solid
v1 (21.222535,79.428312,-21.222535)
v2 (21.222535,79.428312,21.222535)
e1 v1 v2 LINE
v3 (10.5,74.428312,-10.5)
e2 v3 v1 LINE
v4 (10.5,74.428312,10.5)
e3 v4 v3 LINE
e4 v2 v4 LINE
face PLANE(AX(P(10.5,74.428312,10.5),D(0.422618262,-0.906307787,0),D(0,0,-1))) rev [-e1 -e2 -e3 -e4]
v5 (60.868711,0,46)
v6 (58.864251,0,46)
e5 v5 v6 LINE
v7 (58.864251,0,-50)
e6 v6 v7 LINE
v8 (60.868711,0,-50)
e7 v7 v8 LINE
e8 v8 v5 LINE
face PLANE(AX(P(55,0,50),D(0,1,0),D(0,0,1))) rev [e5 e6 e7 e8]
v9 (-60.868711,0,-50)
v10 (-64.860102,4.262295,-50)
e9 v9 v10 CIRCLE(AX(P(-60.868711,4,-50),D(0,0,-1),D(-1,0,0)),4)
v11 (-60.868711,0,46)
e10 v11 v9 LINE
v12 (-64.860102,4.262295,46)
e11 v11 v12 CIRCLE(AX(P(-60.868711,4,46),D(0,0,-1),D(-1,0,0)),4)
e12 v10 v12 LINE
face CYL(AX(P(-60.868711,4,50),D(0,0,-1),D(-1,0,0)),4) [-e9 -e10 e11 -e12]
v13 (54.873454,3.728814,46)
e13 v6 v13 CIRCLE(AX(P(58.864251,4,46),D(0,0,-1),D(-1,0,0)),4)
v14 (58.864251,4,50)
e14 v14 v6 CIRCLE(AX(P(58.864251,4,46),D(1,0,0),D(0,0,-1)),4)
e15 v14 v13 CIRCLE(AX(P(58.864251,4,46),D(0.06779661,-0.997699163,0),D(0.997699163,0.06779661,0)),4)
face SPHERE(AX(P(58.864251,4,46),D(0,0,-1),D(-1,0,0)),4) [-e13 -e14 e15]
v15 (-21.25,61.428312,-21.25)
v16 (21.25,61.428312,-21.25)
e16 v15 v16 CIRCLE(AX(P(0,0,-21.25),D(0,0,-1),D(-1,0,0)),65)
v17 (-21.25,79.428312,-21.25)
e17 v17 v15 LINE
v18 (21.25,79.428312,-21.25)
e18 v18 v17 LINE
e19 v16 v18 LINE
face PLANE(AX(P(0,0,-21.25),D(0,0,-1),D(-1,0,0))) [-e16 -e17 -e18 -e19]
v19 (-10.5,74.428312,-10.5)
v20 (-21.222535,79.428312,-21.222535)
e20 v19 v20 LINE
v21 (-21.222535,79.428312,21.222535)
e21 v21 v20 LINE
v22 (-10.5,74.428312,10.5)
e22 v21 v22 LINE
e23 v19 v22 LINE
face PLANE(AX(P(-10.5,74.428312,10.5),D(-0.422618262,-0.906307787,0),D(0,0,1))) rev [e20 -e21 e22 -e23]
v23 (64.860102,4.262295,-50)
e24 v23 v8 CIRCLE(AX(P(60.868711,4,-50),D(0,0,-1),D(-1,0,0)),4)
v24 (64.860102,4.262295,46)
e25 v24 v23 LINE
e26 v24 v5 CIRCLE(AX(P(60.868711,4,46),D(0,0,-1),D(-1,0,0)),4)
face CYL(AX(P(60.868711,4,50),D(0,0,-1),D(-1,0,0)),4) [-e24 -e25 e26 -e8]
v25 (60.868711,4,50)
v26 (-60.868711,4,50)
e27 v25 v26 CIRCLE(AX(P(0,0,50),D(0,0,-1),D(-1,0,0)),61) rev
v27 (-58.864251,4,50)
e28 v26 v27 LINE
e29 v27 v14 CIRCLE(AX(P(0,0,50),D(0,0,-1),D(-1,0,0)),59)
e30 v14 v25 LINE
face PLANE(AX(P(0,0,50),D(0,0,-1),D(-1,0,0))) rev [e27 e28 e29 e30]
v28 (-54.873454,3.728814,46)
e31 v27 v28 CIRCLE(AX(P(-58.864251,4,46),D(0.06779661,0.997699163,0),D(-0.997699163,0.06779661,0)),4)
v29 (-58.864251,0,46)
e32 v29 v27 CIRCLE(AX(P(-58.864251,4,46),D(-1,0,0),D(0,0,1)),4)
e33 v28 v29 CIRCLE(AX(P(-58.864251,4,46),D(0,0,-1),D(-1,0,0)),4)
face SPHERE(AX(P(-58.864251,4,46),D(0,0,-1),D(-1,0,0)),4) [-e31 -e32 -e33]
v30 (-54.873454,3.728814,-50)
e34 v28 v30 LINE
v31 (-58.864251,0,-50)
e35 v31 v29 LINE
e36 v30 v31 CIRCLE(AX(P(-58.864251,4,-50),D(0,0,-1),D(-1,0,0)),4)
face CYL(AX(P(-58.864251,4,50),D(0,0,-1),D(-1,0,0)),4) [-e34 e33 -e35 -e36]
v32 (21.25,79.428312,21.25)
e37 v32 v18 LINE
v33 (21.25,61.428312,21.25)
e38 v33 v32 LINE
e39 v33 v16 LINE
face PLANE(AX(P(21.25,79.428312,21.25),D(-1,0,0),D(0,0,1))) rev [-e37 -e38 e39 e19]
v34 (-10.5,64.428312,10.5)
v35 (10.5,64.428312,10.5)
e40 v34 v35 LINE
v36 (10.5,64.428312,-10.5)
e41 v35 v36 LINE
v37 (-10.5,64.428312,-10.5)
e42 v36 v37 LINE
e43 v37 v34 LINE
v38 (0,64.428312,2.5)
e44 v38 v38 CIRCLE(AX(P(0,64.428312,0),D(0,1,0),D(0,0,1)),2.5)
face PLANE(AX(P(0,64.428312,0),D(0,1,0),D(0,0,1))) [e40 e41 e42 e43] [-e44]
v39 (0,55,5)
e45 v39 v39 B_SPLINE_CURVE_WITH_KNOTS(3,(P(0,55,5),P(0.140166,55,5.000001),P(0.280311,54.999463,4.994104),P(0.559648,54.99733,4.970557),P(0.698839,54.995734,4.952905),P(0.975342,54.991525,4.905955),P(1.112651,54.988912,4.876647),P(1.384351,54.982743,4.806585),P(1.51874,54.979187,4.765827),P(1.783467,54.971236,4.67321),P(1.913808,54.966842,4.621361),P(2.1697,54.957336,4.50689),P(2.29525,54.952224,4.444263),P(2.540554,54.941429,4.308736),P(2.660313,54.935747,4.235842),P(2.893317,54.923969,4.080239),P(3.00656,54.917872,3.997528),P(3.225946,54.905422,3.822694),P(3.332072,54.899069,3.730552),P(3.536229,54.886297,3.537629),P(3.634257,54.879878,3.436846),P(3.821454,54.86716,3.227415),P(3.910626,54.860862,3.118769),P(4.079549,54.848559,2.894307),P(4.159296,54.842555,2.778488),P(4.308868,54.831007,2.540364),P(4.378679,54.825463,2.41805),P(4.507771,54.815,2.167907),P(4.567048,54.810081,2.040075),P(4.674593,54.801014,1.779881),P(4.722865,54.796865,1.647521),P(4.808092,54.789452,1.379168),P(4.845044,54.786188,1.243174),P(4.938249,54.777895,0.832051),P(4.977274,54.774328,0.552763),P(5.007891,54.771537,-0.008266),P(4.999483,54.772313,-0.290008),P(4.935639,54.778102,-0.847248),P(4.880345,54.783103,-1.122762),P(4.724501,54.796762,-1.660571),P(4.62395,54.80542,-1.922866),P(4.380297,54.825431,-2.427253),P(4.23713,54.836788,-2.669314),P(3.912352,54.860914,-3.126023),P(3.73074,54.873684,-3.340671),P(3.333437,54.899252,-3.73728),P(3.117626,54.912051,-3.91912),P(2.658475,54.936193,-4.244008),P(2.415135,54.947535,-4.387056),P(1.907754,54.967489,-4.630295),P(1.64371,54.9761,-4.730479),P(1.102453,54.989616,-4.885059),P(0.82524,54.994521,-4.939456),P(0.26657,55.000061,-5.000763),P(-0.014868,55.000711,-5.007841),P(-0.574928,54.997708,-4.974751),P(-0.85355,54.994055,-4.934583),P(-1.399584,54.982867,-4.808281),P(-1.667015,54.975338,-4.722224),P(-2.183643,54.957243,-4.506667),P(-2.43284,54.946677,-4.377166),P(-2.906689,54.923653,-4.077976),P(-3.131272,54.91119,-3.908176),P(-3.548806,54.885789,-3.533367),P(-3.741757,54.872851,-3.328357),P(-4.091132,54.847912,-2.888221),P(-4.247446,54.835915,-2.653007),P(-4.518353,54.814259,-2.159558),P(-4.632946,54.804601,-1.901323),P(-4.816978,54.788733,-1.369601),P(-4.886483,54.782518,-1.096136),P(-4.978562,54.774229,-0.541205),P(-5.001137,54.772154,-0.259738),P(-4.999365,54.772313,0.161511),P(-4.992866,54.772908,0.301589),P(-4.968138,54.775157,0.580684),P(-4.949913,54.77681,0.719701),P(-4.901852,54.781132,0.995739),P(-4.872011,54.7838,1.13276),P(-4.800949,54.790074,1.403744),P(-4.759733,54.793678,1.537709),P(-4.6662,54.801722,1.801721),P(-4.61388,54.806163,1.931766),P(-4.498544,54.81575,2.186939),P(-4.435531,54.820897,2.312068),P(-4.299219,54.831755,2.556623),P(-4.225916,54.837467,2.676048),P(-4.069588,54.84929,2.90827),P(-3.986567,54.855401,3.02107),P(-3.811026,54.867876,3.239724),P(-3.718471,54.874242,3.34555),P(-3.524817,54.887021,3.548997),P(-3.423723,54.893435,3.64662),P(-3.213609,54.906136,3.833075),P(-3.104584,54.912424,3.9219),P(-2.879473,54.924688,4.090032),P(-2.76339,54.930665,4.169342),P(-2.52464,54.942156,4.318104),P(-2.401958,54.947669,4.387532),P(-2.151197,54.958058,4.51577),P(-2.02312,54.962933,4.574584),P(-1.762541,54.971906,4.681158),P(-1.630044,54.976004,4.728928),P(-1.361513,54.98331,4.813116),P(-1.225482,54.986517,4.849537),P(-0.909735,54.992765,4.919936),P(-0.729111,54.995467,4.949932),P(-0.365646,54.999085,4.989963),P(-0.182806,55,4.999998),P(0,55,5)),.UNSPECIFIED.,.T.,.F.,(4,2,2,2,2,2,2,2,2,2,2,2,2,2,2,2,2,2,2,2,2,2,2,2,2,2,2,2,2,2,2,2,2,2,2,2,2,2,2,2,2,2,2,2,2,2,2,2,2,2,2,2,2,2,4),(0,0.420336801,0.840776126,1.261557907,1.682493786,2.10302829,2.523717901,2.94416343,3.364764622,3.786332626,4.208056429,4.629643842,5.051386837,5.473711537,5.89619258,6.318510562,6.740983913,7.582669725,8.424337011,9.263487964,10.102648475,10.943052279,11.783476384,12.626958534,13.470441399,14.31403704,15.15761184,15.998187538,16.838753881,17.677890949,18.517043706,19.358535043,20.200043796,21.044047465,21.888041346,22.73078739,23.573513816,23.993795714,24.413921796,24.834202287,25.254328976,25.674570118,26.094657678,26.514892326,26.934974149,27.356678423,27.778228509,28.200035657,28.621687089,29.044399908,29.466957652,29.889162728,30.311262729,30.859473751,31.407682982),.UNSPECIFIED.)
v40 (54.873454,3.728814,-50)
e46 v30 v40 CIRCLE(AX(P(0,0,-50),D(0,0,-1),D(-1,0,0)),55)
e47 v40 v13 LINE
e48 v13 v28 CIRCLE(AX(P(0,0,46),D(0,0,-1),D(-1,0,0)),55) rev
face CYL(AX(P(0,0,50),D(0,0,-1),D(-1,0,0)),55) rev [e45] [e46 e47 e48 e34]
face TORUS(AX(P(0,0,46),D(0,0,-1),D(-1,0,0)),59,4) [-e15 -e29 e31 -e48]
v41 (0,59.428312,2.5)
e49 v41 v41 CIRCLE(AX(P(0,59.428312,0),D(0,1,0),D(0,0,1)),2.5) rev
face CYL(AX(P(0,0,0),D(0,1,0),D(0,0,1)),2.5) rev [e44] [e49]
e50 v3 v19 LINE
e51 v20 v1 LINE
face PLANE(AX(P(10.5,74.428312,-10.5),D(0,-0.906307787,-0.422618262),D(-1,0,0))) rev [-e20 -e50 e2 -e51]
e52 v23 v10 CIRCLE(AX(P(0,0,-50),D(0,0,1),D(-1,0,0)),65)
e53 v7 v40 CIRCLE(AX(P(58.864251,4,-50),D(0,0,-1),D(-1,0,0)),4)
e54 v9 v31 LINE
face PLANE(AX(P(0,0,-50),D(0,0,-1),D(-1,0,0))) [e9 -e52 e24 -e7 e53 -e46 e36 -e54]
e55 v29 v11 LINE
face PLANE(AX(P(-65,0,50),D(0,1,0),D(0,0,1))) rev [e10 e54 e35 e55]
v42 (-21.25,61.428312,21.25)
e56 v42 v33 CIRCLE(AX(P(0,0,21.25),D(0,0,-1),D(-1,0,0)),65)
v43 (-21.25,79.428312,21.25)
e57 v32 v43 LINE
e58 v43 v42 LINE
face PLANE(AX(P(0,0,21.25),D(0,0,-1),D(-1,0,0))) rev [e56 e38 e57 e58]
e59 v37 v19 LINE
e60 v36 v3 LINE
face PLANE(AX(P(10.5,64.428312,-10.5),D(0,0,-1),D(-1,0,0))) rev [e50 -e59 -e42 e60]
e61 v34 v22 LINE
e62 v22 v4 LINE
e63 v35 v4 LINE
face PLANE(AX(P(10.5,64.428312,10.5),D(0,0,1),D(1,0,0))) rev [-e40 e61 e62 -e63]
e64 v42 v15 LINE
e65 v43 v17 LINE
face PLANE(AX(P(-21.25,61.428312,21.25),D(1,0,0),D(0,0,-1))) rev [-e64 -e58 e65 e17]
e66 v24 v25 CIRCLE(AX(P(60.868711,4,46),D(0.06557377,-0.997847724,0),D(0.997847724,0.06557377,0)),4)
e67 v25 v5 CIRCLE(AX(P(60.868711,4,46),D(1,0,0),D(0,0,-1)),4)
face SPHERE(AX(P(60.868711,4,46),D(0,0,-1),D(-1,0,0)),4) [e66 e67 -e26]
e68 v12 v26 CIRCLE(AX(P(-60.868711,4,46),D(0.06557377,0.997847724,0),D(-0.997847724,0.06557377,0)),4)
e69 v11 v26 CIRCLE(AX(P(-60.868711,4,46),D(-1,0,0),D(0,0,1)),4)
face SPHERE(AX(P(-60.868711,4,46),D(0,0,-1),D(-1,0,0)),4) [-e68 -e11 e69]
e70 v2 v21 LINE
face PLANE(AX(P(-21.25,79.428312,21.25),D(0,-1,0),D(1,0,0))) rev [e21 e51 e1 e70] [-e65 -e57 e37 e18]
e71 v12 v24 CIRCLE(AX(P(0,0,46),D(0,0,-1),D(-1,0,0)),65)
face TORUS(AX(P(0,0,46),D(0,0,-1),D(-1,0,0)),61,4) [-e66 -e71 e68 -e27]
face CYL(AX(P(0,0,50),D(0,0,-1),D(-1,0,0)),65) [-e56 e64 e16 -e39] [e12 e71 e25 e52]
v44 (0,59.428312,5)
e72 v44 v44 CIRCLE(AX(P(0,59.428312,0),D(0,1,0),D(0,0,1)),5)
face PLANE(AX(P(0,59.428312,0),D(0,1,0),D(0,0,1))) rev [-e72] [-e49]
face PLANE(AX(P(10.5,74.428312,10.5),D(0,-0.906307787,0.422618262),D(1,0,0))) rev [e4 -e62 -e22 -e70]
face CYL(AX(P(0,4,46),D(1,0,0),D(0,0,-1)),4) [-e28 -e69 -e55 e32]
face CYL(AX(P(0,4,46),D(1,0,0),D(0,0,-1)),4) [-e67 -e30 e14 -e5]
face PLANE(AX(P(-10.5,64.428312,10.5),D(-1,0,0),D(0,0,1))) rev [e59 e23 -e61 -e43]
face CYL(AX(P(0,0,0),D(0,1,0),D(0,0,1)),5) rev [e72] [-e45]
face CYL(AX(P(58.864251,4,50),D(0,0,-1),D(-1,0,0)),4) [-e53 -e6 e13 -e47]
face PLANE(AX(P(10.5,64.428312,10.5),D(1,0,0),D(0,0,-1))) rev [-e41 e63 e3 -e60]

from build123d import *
from OCP.BRepFilletAPI import BRepFilletAPI_MakeChamfer

# Parameters (mm, degrees)
BOSS_EXTRUDE1_DEPTH = 50
BOSS_EXTRUDE2_DEPTH = 21.25
FILLET1_R           = 4
FILLET2_R           = 4
SKETCH3_W           = 21
SKETCH3_H           = 21
CUT_EXTRUDE1_DEPTH  = 15
CHAMFER1_SIZE       = 5
CHAMFER1_SIZE2      = 10.722534603
SKETCH4_R           = 2.5
CUT_EXTRUDE2_DEPTH  = 105.206319677
CUT_EXTRUDE3_START  = -5
SKETCH5_R           = 5
CUT_EXTRUDE3_DEPTH  = 100.206319725


with BuildPart() as part:
    # Sketch1 → Boss-Extrude1 (new, symmetric)
    with BuildSketch(Plane.XY):
        with BuildLine():
            Line((-65, 0), (-55, 0))
            ThreePointArc((-55, 0), (0, 55), (55, 0))
            Line((55, 0), (65, 0))
            ThreePointArc((65, 0), (0, 65), (-65, 0))
        make_face()
    extrude(amount=BOSS_EXTRUDE1_DEPTH, both=True)

    # Sketch2 → Boss-Extrude2 (add, symmetric)
    with BuildSketch(Plane.XY):
        with BuildLine():
            Line((-21.25, 61.428311877), (-21.25, 79.428311877))
            Line((-21.25, 79.428311877), (21.25, 79.428311877))
            Line((21.25, 79.428311877), (21.25, 61.428311877))
            ThreePointArc((21.25, 61.428311877), (0, 65), (-21.25, 61.428311877))
        make_face()
    extrude(amount=BOSS_EXTRUDE2_DEPTH, both=True)

    # Fillet1
    fillet1_edges = [part.edges().sort_by_distance(p)[0] for p in [
        (-55, 0, 0),
        (-65, 0, 0),
        (65, 0, 0),
        (55, 0, 0),
    ]]
    fillet(fillet1_edges, radius=FILLET1_R)

    # Fillet2
    fillet2_edges = [part.edges().sort_by_distance(p)[0] for p in [
        (0, 65, 50),
        (59.866480893, 0, 50),
        (0, 55, 50),
        (-59.866480893, 0, 50),
        (-63.788401254, 1.265880428, 50),
        (-56.133384976, 1.077266197, 50),
        (56.133384976, 1.077266197, 50),
        (63.788401254, 1.265880428, 50),
    ]]
    fillet(fillet2_edges, radius=FILLET2_R)

    # Sketch3 → Cut-Extrude1 (cut)
    with BuildSketch(Plane(origin=(0, 79.428311877, 0), x_dir=(1, 0, 0), z_dir=(0, 1, 0))):
        Rectangle(SKETCH3_W, SKETCH3_H)
    extrude(amount=-CUT_EXTRUDE1_DEPTH, mode=Mode.SUBTRACT)

    # Chamfer1: one chamfer whose edges measure the first distance from different faces: ONE call of the kernel's chamfer builder (chamfer() names one face for all edges)
    chamfer1_edges_1 = [part.edges().sort_by_distance(p)[0] for p in [
        (10.5, 79.428311877, 0),
    ]]
    chamfer1_side_1 = [part.faces().sort_by_distance(p)[0] for p in [
        (10.5, 71.928311877, 0),
    ]]
    chamfer1_edges_2 = [part.edges().sort_by_distance(p)[0] for p in [
        (0, 79.428311877, -10.5),
    ]]
    chamfer1_side_2 = [part.faces().sort_by_distance(p)[0] for p in [
        (0, 71.928311877, -10.5),
    ]]
    chamfer1_edges_3 = [part.edges().sort_by_distance(p)[0] for p in [
        (-10.5, 79.428311877, 0),
    ]]
    chamfer1_side_3 = [part.faces().sort_by_distance(p)[0] for p in [
        (-10.5, 71.928311877, 0),
    ]]
    chamfer1_edges_4 = [part.edges().sort_by_distance(p)[0] for p in [
        (0, 79.428311877, 10.5),
    ]]
    chamfer1_side_4 = [part.faces().sort_by_distance(p)[0] for p in [
        (0, 71.928311877, 10.5),
    ]]
    chamfer1 = BRepFilletAPI_MakeChamfer(part.part.solid().wrapped)
    for e in chamfer1_edges_1:
        chamfer1.Add(CHAMFER1_SIZE, CHAMFER1_SIZE2, e.wrapped, chamfer1_side_1[0].wrapped)  # the first distance lies on this face
    for e in chamfer1_edges_2:
        chamfer1.Add(CHAMFER1_SIZE, CHAMFER1_SIZE2, e.wrapped, chamfer1_side_2[0].wrapped)  # the first distance lies on this face
    for e in chamfer1_edges_3:
        chamfer1.Add(CHAMFER1_SIZE, CHAMFER1_SIZE2, e.wrapped, chamfer1_side_3[0].wrapped)  # the first distance lies on this face
    for e in chamfer1_edges_4:
        chamfer1.Add(CHAMFER1_SIZE, CHAMFER1_SIZE2, e.wrapped, chamfer1_side_4[0].wrapped)  # the first distance lies on this face
    add(Compound.cast(chamfer1.Shape()), mode=Mode.REPLACE)

    # Sketch4 → Cut-Extrude2 (cut, through all)
    with BuildSketch(Plane(origin=(0, 64.428311877, 0), x_dir=(1, 0, 0), z_dir=(0, 1, 0))):
        with Locations(Location((0, 0, 0), (0, 0, 270))):
            Circle(SKETCH4_R)
    extrude(amount=-CUT_EXTRUDE2_DEPTH, mode=Mode.SUBTRACT)

    # Sketch5 → Cut-Extrude3 (cut, through all)
    with BuildSketch(Plane(origin=(0, 64.428311877, 0), x_dir=(1, 0, 0), z_dir=(0, 1, 0)).offset(CUT_EXTRUDE3_START)):
        with Locations(Location((0, 0, 0), (0, 0, 270))):
            Circle(SKETCH5_R)
    extrude(amount=-CUT_EXTRUDE3_DEPTH, mode=Mode.SUBTRACT)


solid = part.part
